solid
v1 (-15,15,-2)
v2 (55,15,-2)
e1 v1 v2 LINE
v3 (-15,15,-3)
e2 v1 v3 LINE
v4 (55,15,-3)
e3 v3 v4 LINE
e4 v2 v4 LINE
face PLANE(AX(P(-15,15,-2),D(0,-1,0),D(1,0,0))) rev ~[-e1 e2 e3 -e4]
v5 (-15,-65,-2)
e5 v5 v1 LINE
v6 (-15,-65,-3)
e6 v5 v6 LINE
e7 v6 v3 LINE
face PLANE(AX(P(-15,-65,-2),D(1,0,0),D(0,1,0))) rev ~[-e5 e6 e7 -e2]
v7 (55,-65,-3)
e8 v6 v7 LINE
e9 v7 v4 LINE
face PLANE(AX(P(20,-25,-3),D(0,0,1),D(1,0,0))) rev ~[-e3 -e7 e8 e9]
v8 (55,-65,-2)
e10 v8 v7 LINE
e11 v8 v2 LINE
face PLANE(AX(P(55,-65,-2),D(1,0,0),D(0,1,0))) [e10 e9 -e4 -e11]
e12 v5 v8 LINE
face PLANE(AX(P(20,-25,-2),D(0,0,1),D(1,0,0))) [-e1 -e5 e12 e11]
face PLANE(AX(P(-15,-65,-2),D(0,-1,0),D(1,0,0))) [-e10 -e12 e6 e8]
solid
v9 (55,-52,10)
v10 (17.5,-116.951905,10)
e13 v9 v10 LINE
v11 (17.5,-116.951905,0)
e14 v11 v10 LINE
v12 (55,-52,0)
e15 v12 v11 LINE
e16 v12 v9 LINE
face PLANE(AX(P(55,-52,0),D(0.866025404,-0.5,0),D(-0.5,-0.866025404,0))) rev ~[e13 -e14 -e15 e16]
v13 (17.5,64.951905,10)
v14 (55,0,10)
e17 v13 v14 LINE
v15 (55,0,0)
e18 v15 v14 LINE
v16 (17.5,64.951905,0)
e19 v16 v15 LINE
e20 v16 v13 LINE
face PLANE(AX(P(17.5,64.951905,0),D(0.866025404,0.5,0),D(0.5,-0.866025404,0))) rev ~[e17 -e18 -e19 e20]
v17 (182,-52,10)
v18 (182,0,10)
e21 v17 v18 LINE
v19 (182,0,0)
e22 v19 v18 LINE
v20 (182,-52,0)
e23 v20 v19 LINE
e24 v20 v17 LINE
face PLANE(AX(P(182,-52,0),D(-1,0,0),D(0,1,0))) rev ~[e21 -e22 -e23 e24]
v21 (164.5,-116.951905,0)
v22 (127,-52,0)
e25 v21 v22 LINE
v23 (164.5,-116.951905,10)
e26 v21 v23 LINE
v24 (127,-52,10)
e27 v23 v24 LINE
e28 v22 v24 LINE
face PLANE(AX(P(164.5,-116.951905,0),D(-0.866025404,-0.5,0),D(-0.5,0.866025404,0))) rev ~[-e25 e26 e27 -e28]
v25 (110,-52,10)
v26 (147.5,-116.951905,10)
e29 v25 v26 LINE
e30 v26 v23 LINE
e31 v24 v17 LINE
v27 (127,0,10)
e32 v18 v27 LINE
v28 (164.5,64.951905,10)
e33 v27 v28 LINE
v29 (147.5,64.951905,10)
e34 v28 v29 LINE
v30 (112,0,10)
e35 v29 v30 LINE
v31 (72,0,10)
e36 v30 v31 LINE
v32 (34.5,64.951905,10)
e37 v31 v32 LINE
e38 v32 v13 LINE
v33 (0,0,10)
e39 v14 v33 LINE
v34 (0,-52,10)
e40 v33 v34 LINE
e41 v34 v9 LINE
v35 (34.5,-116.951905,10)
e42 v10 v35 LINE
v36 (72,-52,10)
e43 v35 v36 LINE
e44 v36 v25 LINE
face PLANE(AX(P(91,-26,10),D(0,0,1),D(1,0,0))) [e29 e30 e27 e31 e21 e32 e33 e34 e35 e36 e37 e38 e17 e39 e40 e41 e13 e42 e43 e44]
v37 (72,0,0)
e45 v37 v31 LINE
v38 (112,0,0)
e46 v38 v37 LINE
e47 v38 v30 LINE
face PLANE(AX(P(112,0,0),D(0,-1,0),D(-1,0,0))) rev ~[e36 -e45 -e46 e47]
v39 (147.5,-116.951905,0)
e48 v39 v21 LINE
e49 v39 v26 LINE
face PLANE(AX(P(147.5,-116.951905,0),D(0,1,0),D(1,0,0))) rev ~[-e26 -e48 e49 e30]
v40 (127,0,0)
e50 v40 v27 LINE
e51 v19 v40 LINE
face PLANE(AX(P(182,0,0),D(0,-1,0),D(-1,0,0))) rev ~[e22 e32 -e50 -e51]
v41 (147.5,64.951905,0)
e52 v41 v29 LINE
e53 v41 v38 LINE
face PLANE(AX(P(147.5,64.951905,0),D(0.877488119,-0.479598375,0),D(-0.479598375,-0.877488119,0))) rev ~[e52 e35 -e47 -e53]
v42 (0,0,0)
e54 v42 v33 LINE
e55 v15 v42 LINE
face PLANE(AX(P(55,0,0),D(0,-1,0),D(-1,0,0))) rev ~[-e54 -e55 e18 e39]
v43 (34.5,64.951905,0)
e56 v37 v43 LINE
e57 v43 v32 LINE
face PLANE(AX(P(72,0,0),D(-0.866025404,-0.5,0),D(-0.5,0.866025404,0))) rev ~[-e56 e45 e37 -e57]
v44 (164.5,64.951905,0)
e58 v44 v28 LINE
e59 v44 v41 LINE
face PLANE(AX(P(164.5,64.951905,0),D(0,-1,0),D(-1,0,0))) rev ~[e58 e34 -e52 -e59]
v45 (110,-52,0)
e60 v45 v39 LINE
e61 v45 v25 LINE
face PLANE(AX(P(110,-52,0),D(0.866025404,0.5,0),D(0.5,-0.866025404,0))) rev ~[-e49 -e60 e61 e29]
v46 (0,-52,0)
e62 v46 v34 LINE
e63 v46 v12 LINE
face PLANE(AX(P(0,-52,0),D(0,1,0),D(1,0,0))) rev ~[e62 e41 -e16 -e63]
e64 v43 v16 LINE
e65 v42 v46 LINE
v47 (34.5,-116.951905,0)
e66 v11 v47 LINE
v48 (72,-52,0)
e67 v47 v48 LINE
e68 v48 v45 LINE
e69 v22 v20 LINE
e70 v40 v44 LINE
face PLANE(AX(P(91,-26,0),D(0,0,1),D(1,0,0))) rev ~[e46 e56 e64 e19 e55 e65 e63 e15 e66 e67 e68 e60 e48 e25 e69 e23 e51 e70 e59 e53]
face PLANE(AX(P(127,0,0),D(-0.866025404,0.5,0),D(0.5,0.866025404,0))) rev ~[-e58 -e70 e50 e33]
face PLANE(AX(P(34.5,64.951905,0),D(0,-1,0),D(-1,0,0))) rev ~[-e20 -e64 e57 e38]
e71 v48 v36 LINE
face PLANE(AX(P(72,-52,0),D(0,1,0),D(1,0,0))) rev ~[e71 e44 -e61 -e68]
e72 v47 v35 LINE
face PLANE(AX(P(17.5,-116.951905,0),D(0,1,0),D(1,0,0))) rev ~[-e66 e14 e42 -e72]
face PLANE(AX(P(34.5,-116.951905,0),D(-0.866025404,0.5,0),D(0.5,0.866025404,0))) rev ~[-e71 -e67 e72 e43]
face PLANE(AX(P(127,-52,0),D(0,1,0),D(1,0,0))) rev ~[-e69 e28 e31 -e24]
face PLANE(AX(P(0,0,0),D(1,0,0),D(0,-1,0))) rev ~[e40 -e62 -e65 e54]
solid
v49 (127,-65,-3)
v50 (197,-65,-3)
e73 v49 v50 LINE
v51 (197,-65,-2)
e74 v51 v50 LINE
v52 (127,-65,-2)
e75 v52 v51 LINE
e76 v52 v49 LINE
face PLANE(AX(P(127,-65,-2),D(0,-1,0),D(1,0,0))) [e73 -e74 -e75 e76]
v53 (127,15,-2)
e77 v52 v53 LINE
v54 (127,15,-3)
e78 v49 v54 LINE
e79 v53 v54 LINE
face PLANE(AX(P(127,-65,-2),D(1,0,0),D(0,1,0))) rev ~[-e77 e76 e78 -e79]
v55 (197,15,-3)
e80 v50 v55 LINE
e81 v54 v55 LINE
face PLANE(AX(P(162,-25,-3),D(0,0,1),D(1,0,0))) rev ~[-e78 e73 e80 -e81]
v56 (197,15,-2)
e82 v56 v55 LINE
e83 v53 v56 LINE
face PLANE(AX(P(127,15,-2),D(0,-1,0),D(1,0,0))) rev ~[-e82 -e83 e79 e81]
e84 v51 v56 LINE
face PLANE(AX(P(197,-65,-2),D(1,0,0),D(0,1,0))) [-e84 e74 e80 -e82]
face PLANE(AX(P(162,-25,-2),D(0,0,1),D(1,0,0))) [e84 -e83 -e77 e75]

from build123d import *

# Parameters (mm, degrees)
F1_DEPTH = 10
F3_START = -2
F2_W     = 70
F2_H     = 80
F3_DEPTH = 1


with BuildPart() as f1:
    # F0 (on Top) → F1 (new body)
    with BuildSketch(Plane.XY):
        Polygon((55, 0), (0, 0), (0, -52), (55, -52), (72, -52), (110, -52), (127, -52), (182, -52), (182, 0), (127, 0), (112, 0), (72, 0), align=None)
        Polygon((17.5, 64.9519052838), (55, 0), (72, 0), (34.5, 64.9519052838), align=None)
        Polygon((72, -52), (55, -52), (17.5, -116.9519052838), (34.5, -116.9519052838), align=None)
        Polygon((147.5, 64.9519052838), (112, 0), (127, 0), (164.5, 64.9519052838), align=None)
        Polygon((127, -52), (110, -52), (147.5, -116.9519052838), (164.5, -116.9519052838), align=None)
    extrude(amount=F1_DEPTH)


with BuildPart() as f3:
    # F2 (on Top) → F3 (new body)
    with BuildSketch(Plane.XY.offset(F3_START)):
        with Locations((20, -25)):
            Rectangle(F2_W, F2_H)
    extrude(amount=-F3_DEPTH)


with BuildPart() as f3b:
    # F2 (on Top) → F3, piece 2 (new body)
    with BuildSketch(Plane.XY.offset(F3_START)):
        with Locations((162, -25)):
            Rectangle(F2_W, F2_H)
    extrude(amount=-F3_DEPTH)


solid = Compound([f1.part, f3.part, f3b.part])
